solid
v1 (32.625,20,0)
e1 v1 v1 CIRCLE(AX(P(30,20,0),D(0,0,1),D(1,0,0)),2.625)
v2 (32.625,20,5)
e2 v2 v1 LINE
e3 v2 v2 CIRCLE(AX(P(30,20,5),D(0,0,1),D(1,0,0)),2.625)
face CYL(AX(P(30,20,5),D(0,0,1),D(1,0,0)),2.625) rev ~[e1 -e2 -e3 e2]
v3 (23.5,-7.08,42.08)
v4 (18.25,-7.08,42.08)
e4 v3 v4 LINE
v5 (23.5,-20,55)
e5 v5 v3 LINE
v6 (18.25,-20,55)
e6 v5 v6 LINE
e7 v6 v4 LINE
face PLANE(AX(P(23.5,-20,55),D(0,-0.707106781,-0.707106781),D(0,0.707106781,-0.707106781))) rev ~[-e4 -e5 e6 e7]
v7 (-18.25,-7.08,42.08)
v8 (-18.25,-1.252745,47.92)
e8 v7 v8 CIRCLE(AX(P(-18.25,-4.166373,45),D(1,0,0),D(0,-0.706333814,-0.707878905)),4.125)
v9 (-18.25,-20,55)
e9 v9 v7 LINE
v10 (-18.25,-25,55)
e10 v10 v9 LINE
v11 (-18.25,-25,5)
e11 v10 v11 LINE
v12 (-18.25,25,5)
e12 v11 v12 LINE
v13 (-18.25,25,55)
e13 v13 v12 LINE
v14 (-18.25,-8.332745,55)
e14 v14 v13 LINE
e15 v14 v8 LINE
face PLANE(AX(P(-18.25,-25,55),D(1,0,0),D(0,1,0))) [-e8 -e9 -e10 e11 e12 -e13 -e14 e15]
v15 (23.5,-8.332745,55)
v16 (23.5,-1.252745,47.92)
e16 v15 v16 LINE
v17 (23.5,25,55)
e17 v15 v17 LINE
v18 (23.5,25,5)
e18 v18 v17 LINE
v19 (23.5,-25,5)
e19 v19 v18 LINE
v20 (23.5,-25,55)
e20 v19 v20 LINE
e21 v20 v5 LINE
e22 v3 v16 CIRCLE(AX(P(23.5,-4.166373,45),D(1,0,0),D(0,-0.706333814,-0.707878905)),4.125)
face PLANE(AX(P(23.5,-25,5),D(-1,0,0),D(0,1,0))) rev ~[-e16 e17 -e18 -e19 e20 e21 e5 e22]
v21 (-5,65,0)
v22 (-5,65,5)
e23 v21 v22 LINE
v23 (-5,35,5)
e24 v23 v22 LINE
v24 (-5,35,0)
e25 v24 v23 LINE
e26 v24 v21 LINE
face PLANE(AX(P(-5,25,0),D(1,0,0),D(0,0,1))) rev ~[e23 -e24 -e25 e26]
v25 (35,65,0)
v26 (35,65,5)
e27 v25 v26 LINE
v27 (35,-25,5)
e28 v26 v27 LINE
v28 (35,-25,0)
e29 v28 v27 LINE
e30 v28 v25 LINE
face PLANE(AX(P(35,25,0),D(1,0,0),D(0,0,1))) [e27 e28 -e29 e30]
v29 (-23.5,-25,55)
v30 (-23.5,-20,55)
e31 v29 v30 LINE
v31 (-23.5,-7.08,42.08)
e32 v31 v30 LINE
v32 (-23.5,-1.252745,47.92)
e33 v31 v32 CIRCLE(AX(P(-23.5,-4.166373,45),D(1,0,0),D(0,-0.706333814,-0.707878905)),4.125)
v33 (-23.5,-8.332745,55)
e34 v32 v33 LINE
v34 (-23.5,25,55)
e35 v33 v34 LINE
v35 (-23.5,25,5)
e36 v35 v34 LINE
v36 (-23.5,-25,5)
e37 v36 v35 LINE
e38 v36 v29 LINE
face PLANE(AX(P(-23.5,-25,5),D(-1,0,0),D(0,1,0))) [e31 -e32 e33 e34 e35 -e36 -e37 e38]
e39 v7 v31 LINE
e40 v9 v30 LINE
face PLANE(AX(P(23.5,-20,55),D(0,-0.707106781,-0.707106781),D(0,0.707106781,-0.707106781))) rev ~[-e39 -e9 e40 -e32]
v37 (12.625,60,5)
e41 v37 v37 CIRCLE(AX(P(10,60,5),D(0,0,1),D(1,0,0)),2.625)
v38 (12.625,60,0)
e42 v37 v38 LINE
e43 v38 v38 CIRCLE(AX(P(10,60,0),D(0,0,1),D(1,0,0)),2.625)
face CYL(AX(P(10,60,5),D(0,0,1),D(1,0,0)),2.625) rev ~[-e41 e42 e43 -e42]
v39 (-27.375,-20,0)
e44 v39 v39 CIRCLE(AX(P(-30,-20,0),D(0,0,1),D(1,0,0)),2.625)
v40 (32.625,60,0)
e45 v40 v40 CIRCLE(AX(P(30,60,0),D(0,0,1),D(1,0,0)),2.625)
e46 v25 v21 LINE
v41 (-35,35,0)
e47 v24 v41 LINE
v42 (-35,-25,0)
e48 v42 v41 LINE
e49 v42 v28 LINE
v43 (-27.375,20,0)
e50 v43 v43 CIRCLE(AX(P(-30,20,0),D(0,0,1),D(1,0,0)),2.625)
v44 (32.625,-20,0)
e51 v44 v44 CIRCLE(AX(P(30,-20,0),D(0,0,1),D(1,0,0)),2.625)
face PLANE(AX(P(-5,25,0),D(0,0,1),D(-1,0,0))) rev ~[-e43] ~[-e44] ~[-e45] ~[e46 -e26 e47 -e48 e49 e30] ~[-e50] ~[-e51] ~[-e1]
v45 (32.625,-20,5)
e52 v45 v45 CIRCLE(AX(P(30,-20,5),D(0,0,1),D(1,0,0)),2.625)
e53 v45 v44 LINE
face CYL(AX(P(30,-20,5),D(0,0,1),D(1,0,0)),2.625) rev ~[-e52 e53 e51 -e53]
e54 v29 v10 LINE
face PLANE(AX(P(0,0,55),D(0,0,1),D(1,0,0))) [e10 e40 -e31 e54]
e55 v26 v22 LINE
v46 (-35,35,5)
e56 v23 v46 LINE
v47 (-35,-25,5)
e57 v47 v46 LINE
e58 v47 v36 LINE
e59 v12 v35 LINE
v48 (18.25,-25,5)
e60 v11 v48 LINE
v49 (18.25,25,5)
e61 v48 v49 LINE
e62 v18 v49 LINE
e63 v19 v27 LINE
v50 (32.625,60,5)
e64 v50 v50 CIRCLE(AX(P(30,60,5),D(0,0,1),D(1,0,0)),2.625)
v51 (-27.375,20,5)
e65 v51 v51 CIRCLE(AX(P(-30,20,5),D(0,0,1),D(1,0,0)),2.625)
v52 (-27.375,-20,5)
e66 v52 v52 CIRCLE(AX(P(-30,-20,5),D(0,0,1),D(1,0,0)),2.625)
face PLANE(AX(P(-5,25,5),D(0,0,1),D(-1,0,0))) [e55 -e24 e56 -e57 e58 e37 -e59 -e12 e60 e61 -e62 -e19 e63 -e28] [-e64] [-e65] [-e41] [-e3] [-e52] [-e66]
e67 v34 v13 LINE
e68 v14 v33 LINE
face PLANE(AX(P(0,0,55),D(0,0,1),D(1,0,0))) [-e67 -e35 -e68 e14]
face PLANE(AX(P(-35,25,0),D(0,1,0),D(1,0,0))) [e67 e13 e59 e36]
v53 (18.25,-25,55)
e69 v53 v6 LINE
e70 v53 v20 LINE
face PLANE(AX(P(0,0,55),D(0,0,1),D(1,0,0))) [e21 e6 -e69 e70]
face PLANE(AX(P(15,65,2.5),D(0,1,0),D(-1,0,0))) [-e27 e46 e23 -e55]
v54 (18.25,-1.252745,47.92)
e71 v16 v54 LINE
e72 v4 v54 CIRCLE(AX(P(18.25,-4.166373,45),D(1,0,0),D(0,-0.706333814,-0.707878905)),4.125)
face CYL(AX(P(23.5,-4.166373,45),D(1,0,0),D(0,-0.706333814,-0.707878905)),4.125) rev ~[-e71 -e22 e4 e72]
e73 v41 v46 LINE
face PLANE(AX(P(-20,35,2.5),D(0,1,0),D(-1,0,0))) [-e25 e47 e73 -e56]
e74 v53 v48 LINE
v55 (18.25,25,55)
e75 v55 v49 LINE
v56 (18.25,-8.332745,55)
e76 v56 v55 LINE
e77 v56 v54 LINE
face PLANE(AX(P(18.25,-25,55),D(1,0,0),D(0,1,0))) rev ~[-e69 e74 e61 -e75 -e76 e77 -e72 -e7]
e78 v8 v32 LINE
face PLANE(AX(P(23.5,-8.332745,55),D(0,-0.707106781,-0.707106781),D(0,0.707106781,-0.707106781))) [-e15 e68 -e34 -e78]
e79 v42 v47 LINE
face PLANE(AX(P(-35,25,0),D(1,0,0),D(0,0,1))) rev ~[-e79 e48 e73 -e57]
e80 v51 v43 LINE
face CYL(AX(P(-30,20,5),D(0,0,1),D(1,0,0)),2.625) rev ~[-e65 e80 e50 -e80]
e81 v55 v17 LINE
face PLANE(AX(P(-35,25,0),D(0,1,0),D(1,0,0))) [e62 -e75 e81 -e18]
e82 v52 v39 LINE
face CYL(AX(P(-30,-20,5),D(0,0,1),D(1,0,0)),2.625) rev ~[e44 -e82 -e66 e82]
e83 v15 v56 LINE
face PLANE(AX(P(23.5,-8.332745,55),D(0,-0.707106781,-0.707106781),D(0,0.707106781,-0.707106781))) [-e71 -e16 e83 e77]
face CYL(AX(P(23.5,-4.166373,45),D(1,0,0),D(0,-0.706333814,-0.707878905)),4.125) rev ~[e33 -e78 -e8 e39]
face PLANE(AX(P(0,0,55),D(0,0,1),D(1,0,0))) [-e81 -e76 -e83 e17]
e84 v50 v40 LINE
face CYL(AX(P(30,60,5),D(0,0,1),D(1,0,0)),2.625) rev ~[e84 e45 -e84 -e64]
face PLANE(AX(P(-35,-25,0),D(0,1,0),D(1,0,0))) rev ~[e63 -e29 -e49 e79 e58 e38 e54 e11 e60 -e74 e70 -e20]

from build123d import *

# Parameters (mm, degrees)
SKETCH_W        = 70
SKETCH_H        = 50
PAD_DEPTH       = 5
SKETCH001_R     = 2.625
POCKET_DEPTH    = 5
SKETCH002_W     = 47
SKETCH002_H     = 50
PAD001_DEPTH    = 50
SKETCH003_W     = 36.5
SKETCH003_H     = 50
POCKET001_DEPTH = 50
POCKET002_DEPTH = 40
POCKET003_DEPTH = 50
SKETCH005_W     = 40
SKETCH005_H     = 5
PAD002_DEPTH    = 40
SKETCH006_R     = 2.625
POCKET004_DEPTH = 5
SKETCH007_W     = 30
SKETCH007_H     = 5
PAD003_DEPTH    = 10


with BuildPart() as part:
    # Sketch → Pad (new body)
    with BuildSketch(Plane.XY):
        Rectangle(SKETCH_W, SKETCH_H)
    extrude(amount=PAD_DEPTH)

    # Sketch001 (on Face6 of Pad) → Pocket (cut)
    with BuildSketch(Plane.XY.offset(5)):
        with Locations((-30, 20)):
            Circle(SKETCH001_R)
        with Locations((30, 20)):
            Circle(SKETCH001_R)
        with Locations((30, -20)):
            Circle(SKETCH001_R)
        with Locations((-30, -20)):
            Circle(SKETCH001_R)
    extrude(amount=-POCKET_DEPTH, mode=Mode.SUBTRACT)

    # Sketch002 (on Face5 of Pocket) → Pad001 (join)
    with BuildSketch(Plane.XY.offset(5)):
        Rectangle(SKETCH002_W, SKETCH002_H)
    extrude(amount=PAD001_DEPTH)

    # Sketch003 (on Face16 of Pad001) → Pocket001 (cut)
    with BuildSketch(Plane.XY.offset(55)):
        Rectangle(SKETCH003_W, SKETCH003_H)
    extrude(amount=-POCKET001_DEPTH, mode=Mode.SUBTRACT)

    # Sketch004 (on Face18 of Pocket001) → Pocket002 (cut)
    with BuildSketch(Plane.YZ.offset(23.5)):
        with BuildLine():
            Line((-8.332745, 55), (-1.252745, 47.92))
            ThreePointArc((-7.08, 42.08), (-1.246373, 42.086373), (-1.252745, 47.92))
            Line((-20, 55), (-7.08, 42.08))
            Line((-20, 55), (-8.332745, 55))
        make_face()
    extrude(amount=-POCKET002_DEPTH, mode=Mode.SUBTRACT)

    # Sketch004 (on Face18 of Pocket001) → Pocket003 (cut)
    with BuildSketch(Plane.YZ.offset(23.5)):
        with BuildLine():
            Line((-8.332745, 55), (-1.252745, 47.92))
            ThreePointArc((-7.08, 42.08), (-1.246373, 42.086373), (-1.252745, 47.92))
            Line((-20, 55), (-7.08, 42.08))
            Line((-20, 55), (-8.332745, 55))
        make_face()
    extrude(amount=-POCKET003_DEPTH, mode=Mode.SUBTRACT)

    # Sketch005 (on Face3 of Pocket003) → Pad002 (join)
    with BuildSketch(Plane(origin=(0, 25, 0), x_dir=(-1, 0, 0), z_dir=(0, 1, 0))):
        with Locations((-15, 2.5)):
            Rectangle(SKETCH005_W, SKETCH005_H)
    extrude(amount=PAD002_DEPTH)

    # Sketch006 (on Face21 of Pad002) → Pocket004 (cut)
    with BuildSketch(Plane.XY.offset(5)):
        with Locations((30, 60)):
            Circle(SKETCH006_R)
        with Locations((10, 60)):
            Circle(SKETCH006_R)
    extrude(amount=-POCKET004_DEPTH, mode=Mode.SUBTRACT)

    # Sketch007 (on Face3 of Pocket004) → Pad003 (join)
    with BuildSketch(Plane(origin=(0, 25, 0), x_dir=(-1, 0, 0), z_dir=(0, 1, 0))):
        with Locations((20, 2.5)):
            Rectangle(SKETCH007_W, SKETCH007_H)
    extrude(amount=PAD003_DEPTH)


solid = part.part
